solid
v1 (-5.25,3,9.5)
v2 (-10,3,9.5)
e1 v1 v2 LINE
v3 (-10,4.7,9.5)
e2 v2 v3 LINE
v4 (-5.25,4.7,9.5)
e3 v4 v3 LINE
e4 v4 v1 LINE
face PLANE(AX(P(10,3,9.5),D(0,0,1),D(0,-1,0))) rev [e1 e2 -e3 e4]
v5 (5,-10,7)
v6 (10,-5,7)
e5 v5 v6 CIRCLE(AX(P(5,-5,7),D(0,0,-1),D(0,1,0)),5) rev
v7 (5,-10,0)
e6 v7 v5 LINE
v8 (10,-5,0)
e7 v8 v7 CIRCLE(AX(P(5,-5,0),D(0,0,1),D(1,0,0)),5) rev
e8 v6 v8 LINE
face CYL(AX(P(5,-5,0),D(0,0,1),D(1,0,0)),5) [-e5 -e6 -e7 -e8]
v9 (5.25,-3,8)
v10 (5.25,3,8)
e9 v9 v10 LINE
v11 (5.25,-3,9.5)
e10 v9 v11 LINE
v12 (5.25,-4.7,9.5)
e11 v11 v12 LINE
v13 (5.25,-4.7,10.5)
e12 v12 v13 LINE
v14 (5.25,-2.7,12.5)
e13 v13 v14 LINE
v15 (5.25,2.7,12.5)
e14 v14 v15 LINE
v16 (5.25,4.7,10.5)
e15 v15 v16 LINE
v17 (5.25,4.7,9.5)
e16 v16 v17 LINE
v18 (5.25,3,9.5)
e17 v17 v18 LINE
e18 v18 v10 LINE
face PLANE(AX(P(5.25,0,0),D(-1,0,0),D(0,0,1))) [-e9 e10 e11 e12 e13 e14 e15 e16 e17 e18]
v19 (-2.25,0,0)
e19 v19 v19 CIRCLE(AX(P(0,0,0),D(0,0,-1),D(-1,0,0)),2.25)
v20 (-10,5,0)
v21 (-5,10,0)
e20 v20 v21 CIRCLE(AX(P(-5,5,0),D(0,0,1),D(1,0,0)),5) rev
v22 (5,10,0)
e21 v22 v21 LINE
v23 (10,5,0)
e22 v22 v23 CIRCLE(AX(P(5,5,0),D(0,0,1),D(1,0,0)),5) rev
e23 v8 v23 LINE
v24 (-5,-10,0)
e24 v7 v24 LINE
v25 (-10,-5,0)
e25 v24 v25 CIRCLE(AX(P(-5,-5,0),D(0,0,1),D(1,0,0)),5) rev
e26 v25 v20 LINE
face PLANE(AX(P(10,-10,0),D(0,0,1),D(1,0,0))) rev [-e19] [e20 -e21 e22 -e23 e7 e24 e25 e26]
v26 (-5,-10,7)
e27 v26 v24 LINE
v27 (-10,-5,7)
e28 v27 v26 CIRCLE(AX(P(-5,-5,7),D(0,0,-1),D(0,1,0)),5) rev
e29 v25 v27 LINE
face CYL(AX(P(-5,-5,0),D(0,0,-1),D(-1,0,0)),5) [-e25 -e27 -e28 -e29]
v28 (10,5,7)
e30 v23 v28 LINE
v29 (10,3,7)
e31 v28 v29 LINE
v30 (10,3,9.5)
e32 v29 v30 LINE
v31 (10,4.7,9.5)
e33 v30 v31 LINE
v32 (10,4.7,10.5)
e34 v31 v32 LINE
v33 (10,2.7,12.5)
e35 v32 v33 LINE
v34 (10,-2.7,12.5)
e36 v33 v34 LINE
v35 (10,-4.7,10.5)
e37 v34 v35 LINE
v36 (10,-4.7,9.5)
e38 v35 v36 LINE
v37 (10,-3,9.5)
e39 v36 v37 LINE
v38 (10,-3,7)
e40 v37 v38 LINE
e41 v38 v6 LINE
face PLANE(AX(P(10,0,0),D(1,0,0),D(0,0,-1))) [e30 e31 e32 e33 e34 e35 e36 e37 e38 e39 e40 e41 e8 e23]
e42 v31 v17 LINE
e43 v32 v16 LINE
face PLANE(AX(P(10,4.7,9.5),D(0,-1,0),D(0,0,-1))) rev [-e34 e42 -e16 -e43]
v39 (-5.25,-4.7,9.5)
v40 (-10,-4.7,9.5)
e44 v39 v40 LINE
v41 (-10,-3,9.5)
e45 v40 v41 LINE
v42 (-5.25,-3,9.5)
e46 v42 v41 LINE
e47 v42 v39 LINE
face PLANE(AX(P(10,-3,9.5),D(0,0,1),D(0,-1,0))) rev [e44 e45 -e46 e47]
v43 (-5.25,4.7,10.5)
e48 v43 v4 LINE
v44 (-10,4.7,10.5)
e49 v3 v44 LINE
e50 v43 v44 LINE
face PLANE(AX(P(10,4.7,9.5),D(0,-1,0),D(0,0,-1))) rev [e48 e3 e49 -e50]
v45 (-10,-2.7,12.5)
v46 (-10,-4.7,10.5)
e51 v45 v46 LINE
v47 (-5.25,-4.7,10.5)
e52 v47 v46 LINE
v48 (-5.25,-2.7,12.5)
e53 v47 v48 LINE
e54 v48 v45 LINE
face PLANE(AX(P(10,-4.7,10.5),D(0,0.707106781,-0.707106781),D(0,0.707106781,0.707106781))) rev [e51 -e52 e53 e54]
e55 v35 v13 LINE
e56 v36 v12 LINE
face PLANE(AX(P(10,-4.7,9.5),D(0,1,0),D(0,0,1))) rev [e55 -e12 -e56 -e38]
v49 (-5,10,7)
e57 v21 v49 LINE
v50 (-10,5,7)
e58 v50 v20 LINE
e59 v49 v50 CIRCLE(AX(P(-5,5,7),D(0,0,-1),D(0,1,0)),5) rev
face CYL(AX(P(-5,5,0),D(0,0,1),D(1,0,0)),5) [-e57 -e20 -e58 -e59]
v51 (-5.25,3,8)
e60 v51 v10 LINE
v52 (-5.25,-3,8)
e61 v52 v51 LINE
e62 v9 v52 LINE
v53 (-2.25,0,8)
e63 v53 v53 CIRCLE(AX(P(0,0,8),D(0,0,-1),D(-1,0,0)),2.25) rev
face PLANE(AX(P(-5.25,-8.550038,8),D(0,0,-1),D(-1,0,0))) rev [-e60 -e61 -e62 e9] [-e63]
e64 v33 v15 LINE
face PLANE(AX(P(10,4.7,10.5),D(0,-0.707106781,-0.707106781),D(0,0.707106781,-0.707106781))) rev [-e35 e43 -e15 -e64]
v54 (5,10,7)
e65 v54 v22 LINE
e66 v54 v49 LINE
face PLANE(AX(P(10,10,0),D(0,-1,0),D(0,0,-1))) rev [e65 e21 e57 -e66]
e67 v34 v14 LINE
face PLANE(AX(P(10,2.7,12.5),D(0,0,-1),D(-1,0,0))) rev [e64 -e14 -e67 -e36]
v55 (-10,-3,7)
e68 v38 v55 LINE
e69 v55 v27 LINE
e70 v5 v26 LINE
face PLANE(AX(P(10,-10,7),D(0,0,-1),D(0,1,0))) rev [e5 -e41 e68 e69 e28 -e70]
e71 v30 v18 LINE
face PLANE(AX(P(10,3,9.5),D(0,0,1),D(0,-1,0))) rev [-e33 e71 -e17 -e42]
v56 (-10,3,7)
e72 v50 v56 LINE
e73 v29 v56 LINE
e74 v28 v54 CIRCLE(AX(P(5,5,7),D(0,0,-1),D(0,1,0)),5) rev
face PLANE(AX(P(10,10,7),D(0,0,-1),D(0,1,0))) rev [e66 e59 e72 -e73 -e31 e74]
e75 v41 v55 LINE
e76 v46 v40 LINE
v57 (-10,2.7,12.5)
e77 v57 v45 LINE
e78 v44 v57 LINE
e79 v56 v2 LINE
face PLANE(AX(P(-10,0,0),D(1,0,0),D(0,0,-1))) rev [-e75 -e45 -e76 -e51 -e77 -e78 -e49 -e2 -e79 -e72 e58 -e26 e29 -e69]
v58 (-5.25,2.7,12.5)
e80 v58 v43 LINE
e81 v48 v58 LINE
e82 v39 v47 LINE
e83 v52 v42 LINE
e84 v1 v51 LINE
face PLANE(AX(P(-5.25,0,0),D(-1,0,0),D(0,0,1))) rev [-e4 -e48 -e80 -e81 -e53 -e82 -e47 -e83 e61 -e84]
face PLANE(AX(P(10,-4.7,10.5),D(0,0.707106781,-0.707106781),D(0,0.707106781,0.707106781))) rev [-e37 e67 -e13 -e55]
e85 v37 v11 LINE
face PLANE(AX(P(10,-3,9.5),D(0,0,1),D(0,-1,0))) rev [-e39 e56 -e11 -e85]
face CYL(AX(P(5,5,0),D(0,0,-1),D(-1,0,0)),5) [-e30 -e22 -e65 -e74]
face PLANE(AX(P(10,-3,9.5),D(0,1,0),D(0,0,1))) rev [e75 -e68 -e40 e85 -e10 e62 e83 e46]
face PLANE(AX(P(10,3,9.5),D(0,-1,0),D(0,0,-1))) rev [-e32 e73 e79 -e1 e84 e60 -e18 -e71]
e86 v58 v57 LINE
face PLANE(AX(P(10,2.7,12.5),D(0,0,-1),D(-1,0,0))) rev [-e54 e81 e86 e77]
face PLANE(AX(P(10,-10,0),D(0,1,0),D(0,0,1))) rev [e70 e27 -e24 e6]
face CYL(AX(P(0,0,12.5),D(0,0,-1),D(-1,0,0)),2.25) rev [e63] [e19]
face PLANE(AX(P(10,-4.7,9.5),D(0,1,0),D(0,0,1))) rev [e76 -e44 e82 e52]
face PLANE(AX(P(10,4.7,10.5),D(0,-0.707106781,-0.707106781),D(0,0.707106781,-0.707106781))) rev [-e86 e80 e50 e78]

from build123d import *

# Parameters (mm, degrees)
BOSS_EXTRUDE1_DEPTH = 10
SKETCH3_R           = 2.25
CUT_EXTRUDE1_DEPTH  = 19.874586088
SKETCH4_W           = 9
SKETCH4_H           = 17.100076188
CUT_EXTRUDE2_DEPTH  = 5.25
FILLET1_R           = 5


with BuildPart() as part:
    # Sketch1 → Boss-Extrude1 (new, symmetric)
    with BuildSketch(Plane(origin=(0, 0, 0), x_dir=(0, 0, -1), z_dir=(1, 0, 0))):
        Polygon((-9.5, 3), (-9.5, 4.7), (-10.5, 4.7), (-12.5, 2.7), (-12.5, -2.7), (-10.5, -4.7), (-9.5, -4.7), (-9.5, -3), (-7, -3), (-7, -10), (0, -10), (0, 10), (-7, 10), (-7, 3), align=None)
    extrude(amount=BOSS_EXTRUDE1_DEPTH, both=True)

    # Sketch3 → Cut-Extrude1 (cut, through all)
    with BuildSketch(Plane(origin=(0, 0, 0), x_dir=(-1, 0, 0), z_dir=(0, 0, -1))):
        Circle(SKETCH3_R)
    extrude(amount=-CUT_EXTRUDE1_DEPTH, mode=Mode.SUBTRACT)

    # Sketch4 → Cut-Extrude2 (cut, symmetric)
    with BuildSketch(Plane(origin=(0, 0, 0), x_dir=(0, 0, -1), z_dir=(1, 0, 0))):
        with Locations((-12.5, 0)):
            Rectangle(SKETCH4_W, SKETCH4_H)
    extrude(amount=CUT_EXTRUDE2_DEPTH, both=True, mode=Mode.SUBTRACT)

    # Fillet1
    fillet1_edges = [part.edges().sort_by_distance(p)[0] for p in [
        (10, -10, 3.5),
        (-10, 10, 3.5),
        (-10, -10, 3.5),
        (10, 10, 3.5),
    ]]
    fillet(fillet1_edges, radius=FILLET1_R)


solid = part.part
